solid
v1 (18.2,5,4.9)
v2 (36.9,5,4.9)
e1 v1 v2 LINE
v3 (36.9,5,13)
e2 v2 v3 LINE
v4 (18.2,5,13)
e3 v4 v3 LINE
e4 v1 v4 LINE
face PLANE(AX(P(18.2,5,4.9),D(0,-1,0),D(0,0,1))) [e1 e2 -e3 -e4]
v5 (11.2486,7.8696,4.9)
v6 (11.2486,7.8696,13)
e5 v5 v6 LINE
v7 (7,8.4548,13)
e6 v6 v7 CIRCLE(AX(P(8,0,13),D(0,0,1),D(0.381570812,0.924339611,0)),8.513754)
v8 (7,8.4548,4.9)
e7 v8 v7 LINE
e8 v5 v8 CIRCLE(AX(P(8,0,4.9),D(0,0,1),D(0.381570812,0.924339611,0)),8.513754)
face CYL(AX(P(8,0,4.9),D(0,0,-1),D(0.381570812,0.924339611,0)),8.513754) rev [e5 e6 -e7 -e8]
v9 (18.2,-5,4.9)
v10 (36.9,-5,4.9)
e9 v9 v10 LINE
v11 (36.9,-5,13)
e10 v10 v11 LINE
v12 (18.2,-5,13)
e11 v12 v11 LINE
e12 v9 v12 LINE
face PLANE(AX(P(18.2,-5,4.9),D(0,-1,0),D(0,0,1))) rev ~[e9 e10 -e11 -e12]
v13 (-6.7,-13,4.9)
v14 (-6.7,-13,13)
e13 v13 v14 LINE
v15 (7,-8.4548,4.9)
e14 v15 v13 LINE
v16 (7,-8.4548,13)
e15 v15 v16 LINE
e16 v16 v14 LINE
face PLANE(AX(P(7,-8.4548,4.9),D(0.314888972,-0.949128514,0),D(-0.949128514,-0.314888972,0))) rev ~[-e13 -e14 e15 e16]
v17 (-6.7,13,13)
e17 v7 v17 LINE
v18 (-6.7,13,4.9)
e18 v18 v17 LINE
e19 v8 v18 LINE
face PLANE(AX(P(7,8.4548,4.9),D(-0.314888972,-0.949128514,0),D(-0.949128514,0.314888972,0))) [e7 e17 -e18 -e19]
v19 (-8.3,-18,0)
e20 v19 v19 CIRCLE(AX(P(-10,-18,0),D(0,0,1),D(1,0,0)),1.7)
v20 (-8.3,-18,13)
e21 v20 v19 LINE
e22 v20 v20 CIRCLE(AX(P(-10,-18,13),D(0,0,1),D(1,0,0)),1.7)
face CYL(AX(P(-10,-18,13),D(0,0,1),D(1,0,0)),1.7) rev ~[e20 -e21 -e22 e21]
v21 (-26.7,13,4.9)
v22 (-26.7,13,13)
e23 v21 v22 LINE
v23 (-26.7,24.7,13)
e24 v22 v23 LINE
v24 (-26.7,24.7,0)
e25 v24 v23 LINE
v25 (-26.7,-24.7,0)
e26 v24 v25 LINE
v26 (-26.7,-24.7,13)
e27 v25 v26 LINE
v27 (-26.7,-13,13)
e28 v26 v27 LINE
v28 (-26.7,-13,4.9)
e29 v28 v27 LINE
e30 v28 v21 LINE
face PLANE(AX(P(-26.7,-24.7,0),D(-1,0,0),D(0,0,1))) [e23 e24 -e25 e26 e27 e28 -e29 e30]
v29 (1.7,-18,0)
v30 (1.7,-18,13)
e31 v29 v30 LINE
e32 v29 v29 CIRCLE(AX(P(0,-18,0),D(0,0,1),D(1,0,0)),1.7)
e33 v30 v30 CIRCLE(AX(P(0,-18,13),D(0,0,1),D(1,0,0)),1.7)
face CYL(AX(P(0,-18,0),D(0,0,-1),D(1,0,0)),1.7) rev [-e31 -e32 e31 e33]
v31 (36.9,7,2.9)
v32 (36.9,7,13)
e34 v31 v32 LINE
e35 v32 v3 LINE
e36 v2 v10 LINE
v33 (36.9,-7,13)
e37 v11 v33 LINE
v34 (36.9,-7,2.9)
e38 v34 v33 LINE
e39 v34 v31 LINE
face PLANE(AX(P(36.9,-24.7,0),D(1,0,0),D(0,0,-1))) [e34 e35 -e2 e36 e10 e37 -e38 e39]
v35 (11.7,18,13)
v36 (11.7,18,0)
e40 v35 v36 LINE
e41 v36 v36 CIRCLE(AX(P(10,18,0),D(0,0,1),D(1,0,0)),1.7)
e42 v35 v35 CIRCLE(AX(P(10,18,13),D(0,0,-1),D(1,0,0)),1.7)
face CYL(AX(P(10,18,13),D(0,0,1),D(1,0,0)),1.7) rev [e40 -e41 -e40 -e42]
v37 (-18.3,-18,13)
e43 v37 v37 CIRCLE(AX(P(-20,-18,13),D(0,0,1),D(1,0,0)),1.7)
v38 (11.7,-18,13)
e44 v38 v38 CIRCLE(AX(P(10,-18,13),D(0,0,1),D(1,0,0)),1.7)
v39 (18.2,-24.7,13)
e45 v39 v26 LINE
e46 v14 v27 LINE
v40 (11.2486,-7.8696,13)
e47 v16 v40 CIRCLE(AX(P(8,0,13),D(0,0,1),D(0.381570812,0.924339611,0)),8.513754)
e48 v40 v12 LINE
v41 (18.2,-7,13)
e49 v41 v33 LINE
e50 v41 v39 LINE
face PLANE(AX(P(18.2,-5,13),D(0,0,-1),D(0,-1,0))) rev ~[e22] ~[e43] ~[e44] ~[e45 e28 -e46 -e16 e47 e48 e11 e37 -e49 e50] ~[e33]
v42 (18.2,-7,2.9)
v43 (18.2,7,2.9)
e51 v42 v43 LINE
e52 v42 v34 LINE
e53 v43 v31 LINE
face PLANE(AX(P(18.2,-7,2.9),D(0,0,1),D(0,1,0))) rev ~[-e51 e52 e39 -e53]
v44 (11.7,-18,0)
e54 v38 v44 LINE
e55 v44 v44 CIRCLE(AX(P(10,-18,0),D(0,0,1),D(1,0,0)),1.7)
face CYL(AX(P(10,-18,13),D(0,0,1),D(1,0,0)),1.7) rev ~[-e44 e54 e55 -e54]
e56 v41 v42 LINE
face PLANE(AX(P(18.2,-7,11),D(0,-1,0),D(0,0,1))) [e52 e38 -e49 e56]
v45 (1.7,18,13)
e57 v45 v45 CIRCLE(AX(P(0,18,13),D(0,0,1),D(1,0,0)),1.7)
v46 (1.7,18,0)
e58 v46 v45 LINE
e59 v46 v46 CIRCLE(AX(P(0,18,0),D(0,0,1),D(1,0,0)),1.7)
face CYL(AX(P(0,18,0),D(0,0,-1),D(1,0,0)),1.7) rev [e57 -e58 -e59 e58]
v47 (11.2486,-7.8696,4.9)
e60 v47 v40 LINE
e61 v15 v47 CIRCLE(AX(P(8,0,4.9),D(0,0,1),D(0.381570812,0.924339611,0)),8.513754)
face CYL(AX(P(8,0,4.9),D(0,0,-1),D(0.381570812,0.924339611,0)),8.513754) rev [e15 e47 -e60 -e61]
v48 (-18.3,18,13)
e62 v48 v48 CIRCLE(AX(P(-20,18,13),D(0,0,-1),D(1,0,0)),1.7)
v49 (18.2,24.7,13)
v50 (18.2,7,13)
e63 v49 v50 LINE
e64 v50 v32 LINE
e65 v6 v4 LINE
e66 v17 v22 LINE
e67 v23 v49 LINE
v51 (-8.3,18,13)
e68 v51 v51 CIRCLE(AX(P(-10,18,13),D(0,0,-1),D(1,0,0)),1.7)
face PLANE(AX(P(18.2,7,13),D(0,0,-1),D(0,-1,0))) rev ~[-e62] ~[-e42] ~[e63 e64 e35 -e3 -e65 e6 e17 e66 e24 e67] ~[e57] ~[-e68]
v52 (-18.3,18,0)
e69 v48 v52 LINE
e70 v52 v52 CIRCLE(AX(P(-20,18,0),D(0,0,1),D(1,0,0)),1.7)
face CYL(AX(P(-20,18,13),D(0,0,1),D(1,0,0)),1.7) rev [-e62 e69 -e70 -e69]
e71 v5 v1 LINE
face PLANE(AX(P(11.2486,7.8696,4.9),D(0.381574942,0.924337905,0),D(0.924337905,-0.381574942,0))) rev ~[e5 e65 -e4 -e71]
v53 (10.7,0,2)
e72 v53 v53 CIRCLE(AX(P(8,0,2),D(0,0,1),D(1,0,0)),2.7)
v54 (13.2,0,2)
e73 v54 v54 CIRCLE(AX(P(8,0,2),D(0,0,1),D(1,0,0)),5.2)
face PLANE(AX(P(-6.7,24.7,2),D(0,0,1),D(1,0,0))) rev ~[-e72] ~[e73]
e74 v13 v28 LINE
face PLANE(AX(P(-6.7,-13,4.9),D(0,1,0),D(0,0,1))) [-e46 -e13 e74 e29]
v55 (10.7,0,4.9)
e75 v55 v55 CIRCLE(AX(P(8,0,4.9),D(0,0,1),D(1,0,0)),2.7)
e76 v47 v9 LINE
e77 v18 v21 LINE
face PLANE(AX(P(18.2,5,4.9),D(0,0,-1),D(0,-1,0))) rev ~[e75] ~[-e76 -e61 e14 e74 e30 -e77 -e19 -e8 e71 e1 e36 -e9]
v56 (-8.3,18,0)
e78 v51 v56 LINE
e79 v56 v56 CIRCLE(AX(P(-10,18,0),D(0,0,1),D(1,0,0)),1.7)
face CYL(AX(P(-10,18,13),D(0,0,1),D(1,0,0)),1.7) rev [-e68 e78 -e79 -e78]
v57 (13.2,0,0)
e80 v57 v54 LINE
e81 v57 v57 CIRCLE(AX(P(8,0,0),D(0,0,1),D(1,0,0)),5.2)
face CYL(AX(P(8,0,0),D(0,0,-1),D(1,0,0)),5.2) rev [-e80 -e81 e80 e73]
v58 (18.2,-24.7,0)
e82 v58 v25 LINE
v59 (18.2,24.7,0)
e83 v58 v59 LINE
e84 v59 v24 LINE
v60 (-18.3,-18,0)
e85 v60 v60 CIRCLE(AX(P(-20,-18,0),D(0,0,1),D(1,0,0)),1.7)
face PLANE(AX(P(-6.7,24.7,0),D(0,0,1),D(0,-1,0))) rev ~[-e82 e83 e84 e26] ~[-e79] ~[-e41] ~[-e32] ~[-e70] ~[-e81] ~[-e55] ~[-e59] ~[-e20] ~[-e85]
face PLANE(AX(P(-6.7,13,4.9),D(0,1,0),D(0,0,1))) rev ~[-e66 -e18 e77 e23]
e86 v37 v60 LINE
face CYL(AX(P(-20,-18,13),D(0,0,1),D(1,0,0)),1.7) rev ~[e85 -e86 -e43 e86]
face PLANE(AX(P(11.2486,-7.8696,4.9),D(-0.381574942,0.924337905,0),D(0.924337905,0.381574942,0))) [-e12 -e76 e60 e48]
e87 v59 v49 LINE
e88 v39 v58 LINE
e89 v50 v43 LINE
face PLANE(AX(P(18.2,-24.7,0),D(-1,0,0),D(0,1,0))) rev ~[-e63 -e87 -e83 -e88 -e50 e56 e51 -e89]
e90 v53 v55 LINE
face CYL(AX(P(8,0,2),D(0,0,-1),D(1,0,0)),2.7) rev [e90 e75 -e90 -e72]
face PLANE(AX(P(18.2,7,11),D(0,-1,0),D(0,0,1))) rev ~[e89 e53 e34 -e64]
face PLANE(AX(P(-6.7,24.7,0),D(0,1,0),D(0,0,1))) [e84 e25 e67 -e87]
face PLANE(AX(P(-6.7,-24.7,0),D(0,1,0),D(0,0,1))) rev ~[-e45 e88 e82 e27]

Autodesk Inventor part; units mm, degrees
ref_plane "Work Plane1" through (0, 0, 0) normal (0, 0, 1) x (1, 0, 0)
sketch "Sketch1" plane through (0, 0, 0) normal (0, 0, 1) x (1, 0, 0)
  circle A0 centre (8, 0) radius 5 construction
  circle A1 centre (0, 18) radius 2 construction
  circle A2 centre (0, -18) radius 2 construction
  arc A3 (-10.2835, -9.5) -> (-3, -13.6748) centre (0, 0) ccw construction
  line L0 (-3, -13.6748) -> (-3, -18) construction
  arc A4 (-3, -18) -> (3, -18) centre (0, -18) ccw construction
  line L1 (3, -18) -> (3, -13.6748) construction
  arc A5 (3, -13.6748) -> (3, 13.6748) centre (0, 0) ccw construction
  line L2 (3, 13.6748) -> (3, 18) construction
  arc A6 (3, 18) -> (-3, 18) centre (0, 18) ccw construction
  line L3 (-3, 18) -> (-3, 13.6748) construction
  arc A7 (-3, 13.6748) -> (-10.2835, 9.5) centre (0, 0) ccw construction
  line L4 (-10.2835, 9.5) -> (-15.2835, 9.5) construction
  line L5 (-15.2835, 9.5) -> (-15.2835, -9.5) construction
  line L6 (-15.2835, -9.5) -> (-10.2835, -9.5) construction
  circle A8 centre (8, 0) radius 5.2
  circle A9 centre (0, -18) radius 1.7
  circle A10 centre (0, 18) radius 1.7
  line L7 (8, 0) -> (0, 0) construction
  line L8 (8, 0) -> (0, 0)
  line L9 (18.2, 24.7) -> (-6.7, 24.7)
  line L10 (-6.7, 24.7) -> (-6.7, -24.7)
  line L11 (-6.7, -24.7) -> (18.2, -24.7)
  line L12 (18.2, -24.7) -> (18.2, 24.7)
  point P0 (13.2, 0)
  point P1 (-1.7, 18)
  point P2 (0, 19.7)
  dimension "d0" = 0.2
  dimension "d3" = 5
  dimension "d4" = 5
  dimension "d5" = 5
  dimension "d20" = 3.4
ref_plane "Work Plane2" through (3, -5, 1.9) normal (0, 0, 1) x (1, 0, 0)
ref_plane "Work Plane3" through (8, 0, 2) normal (0, 0, 1) x (1, 0, 0)
extrude "Extrusion1" add sketch "Sketch1" along normal up to surface (2 mm away)
sketch "Sketch2" plane through (-6.7, 24.7, 2) normal (0, 0, 1) x (1, 0, 0)
  circle A0 centre (6.7, -6.7) radius 1.7 projected
  circle A1 centre (6.7, -42.7) radius 1.7 projected
  circle A2 centre (14.7, -24.7) radius 5.2 construction
  line L0 (0, 0) -> (24.9, 0) projected
  line L1 (0, -49.4) -> (0, 0) projected
  line L2 (24.9, -49.4) -> (0, -49.4) projected
  line L3 (24.9, 0) -> (24.9, -49.4) projected
  circle A3 centre (14.7, -24.7) radius 2.5 construction
  circle A4 centre (14.7, -24.7) radius 2.7
  point P0 (6.7, -24.7)
  dimension "d8" = 0.2
ref_plane "Work Plane4" through (9.5, -2, 4.9) normal (0, 0, 1) x (1, 0, 0)
extrude "Extrusion2" add sketch "Sketch2" along normal up to surface (2.9 mm away)
sketch "Sketch3" plane through (-6.7, -24.7, 4.9) normal (0, 0, 1) x (1, 0, 0)
  arc A0 (18.0541, 25.7) -> (15.7, 28.0541) centre (14.7, 24.7) ccw construction
  line L0 (15.7, 33.0541) -> (15.7, 28.0541) construction
  line L1 (13.7, 33.0541) -> (15.7, 33.0541) construction
  line L2 (13.7, 28.0541) -> (13.7, 33.0541) construction
  arc A1 (13.7, 28.0541) -> (11.3459, 25.7) centre (14.7, 24.7) ccw construction
  line L3 (6.3459, 25.7) -> (11.3459, 25.7) construction
  line L4 (6.3459, 23.7) -> (6.3459, 25.7) construction
  line L5 (11.3459, 23.7) -> (6.3459, 23.7) construction
  arc A2 (11.3459, 23.7) -> (13.7, 21.3459) centre (14.7, 24.7) ccw construction
  line L6 (13.7, 16.3459) -> (13.7, 21.3459) construction
  line L7 (15.7, 16.3459) -> (13.7, 16.3459) construction
  line L8 (15.7, 21.3459) -> (15.7, 16.3459) construction
  arc A3 (15.7, 21.3459) -> (18.0541, 23.7) centre (14.7, 24.7) ccw construction
  line L9 (23.0541, 23.7) -> (18.0541, 23.7) construction
  line L10 (23.0541, 25.7) -> (23.0541, 23.7) construction
  line L11 (18.0541, 25.7) -> (23.0541, 25.7) construction
  circle A4 centre (14.7, 24.7) radius 8.4137 construction
  arc A5 (17.9486, 32.5696) -> (17.9486, 16.8304) centre (14.7, 24.7) ccw
  circle A6 centre (6.7, 42.7) radius 1.7 projected
  circle A7 centre (6.7, 6.7) radius 1.7 projected
  circle A8 centre (14.7, 24.7) radius 2.7 projected
  line L12 (0, 0) -> (0, 49.4) projected
  line L13 (24.9, 0) -> (0, 0) projected
  line L14 (24.9, 49.4) -> (24.9, 0) projected
  line L15 (0, 49.4) -> (24.9, 49.4) projected
  line L16 (0, 49.4) -> (0, 0) projected
  circle A9 centre (14.7, 24.7) radius 2.7 projected
  line L17 (14.7, 24.7) -> (0, 24.7) construction
  line L18 (17.9486, 16.8304) -> (24.9, 19.7)
  line L19 (24.9, 0) -> (24.9, 49.4) projected
  line L20 (17.9486, 32.5696) -> (24.9, 29.7)
  line L21 (13.7, 16.2452) -> (0, 11.7)
  line L22 (13.7, 33.1548) -> (0, 37.7)
  point P0 (6.7, 24.7)
  point P1 (0, 37.7)
  point P2 (24.9, 19.7)
  point P3 (0, 11.7)
  point P4 (0, 37.7)
  dimension "d11" = 0.1
  dimension "d13" = 10
  dimension "d17" = 5
ref_plane "Work Plane5" through (8, 0, 13.1) normal (0, 0, 1) x (-1, 0, 0)
ref_plane "Work Plane6" through (-0.3541, -8.3541, 13) normal (0, 0, 1) x (1, 0, 0)
extrude "Extrusion3" add sketch "Sketch3" along normal up to surface (8.1 mm away) contours A5 L22 L12 L15 L14 L20 | A5 L18 L14 L13 L12 L21
sketch "Sketch4" plane through (-6.7, -24.7, 0) normal (-1, 0, 0) x (0, 0, 1)
  line L0 (0, 49.4) -> (13, 49.4) projected
  line L1 (0, 49.4) -> (0, 0) projected
  line L2 (0, 0) -> (13, 0) projected
  line L3 (13, 0) -> (13, 11.7) projected
  line L4 (4.9, 11.7) -> (13, 11.7) projected
  line L5 (4.9, 11.7) -> (4.9, 37.7) projected
  line L6 (4.9, 37.7) -> (13, 37.7) projected
  line L7 (13, 37.7) -> (13, 49.4) projected
  point P0 (0, 24.7)
extrude "Extrusion4" add sketch "Sketch4" along normal blind 20
sketch "Sketch5" plane through (18.2, -24.7, 13) normal (0, 0, 1) x (1, 0, 0)
  circle A0 centre (-18.2, 6.7) radius 1.7 projected
  circle A1 centre (-18.2, 6.7) radius 1.7
  line L0 (0, 0) -> (-44.9, 0) projected
  circle A2 centre (-28.2, 6.7) radius 1.7
  circle A3 centre (-38.2, 6.7) radius 1.7
  circle A4 centre (-8.2, 6.7) radius 1.7
  circle A5 centre (-18.2, 6.7) radius 1.7
  circle A6 centre (-28.2, 6.7) radius 1.7
  point P0 (-18.2, 24.7)
  dimension "d23" = 10
  dimension "d26" = 10
extrude "Extrusion5" cut sketch "Sketch5" against normal through all contours A2 | A3 | A4
mirror "Mirror1" about plane through (0, 0, 0) normal (0, 1, 0) of "Extrusion5"
sketch "Sketch6" plane through (18.2, -24.7, 0) normal (1, 0, 0) x (0, 0, -1)
  line L0 (0, 0) -> (-13, 0) projected
  line L1 (0, 0) -> (0, 49.4) projected
  line L2 (0, 49.4) -> (-13, 49.4) projected
  line L3 (-13, 49.4) -> (-13, 29.7) projected
  line L4 (-4.9, 29.7) -> (-13, 29.7) projected
  line L5 (-4.9, 29.7) -> (-4.9, 19.7) projected
  line L6 (-4.9, 19.7) -> (-13, 19.7) projected
  line L7 (-13, 19.7) -> (-13, 0) projected
  line L8 (-11, 31.7) -> (-11, 47.4)
  line L9 (-11, 47.4) -> (-2, 47.4)
  line L10 (-2, 47.4) -> (-2, 2)
  line L11 (-2, 2) -> (-11, 2)
  line L12 (-11, 2) -> (-11, 17.7)
  line L13 (-11, 17.7) -> (-2.9, 17.7)
  line L14 (-2.9, 17.7) -> (-2.9, 31.7)
  line L15 (-2.9, 31.7) -> (-11, 31.7)
  line L16 (-11, 31.7) -> (-13, 31.7)
  line L17 (-13, 49.4) -> (-13, 29.7) projected
  line L18 (-11, 17.7) -> (-13, 17.7)
  point P0 (0, 24.7)
  point P1 (-13, 31.7)
  dimension "d31" = 2
ref_plane "Work Plane7" through (36.9, -26.2379, 21.2621) normal (1, 0, 0) x (0, 0.9775, 0.2109)
extrude "Extrusion6" add sketch "Sketch6" along normal up to surface (18.7 mm away) contours L7 L6 L5 L4 L3 L16 L15 L14 L13 L18
